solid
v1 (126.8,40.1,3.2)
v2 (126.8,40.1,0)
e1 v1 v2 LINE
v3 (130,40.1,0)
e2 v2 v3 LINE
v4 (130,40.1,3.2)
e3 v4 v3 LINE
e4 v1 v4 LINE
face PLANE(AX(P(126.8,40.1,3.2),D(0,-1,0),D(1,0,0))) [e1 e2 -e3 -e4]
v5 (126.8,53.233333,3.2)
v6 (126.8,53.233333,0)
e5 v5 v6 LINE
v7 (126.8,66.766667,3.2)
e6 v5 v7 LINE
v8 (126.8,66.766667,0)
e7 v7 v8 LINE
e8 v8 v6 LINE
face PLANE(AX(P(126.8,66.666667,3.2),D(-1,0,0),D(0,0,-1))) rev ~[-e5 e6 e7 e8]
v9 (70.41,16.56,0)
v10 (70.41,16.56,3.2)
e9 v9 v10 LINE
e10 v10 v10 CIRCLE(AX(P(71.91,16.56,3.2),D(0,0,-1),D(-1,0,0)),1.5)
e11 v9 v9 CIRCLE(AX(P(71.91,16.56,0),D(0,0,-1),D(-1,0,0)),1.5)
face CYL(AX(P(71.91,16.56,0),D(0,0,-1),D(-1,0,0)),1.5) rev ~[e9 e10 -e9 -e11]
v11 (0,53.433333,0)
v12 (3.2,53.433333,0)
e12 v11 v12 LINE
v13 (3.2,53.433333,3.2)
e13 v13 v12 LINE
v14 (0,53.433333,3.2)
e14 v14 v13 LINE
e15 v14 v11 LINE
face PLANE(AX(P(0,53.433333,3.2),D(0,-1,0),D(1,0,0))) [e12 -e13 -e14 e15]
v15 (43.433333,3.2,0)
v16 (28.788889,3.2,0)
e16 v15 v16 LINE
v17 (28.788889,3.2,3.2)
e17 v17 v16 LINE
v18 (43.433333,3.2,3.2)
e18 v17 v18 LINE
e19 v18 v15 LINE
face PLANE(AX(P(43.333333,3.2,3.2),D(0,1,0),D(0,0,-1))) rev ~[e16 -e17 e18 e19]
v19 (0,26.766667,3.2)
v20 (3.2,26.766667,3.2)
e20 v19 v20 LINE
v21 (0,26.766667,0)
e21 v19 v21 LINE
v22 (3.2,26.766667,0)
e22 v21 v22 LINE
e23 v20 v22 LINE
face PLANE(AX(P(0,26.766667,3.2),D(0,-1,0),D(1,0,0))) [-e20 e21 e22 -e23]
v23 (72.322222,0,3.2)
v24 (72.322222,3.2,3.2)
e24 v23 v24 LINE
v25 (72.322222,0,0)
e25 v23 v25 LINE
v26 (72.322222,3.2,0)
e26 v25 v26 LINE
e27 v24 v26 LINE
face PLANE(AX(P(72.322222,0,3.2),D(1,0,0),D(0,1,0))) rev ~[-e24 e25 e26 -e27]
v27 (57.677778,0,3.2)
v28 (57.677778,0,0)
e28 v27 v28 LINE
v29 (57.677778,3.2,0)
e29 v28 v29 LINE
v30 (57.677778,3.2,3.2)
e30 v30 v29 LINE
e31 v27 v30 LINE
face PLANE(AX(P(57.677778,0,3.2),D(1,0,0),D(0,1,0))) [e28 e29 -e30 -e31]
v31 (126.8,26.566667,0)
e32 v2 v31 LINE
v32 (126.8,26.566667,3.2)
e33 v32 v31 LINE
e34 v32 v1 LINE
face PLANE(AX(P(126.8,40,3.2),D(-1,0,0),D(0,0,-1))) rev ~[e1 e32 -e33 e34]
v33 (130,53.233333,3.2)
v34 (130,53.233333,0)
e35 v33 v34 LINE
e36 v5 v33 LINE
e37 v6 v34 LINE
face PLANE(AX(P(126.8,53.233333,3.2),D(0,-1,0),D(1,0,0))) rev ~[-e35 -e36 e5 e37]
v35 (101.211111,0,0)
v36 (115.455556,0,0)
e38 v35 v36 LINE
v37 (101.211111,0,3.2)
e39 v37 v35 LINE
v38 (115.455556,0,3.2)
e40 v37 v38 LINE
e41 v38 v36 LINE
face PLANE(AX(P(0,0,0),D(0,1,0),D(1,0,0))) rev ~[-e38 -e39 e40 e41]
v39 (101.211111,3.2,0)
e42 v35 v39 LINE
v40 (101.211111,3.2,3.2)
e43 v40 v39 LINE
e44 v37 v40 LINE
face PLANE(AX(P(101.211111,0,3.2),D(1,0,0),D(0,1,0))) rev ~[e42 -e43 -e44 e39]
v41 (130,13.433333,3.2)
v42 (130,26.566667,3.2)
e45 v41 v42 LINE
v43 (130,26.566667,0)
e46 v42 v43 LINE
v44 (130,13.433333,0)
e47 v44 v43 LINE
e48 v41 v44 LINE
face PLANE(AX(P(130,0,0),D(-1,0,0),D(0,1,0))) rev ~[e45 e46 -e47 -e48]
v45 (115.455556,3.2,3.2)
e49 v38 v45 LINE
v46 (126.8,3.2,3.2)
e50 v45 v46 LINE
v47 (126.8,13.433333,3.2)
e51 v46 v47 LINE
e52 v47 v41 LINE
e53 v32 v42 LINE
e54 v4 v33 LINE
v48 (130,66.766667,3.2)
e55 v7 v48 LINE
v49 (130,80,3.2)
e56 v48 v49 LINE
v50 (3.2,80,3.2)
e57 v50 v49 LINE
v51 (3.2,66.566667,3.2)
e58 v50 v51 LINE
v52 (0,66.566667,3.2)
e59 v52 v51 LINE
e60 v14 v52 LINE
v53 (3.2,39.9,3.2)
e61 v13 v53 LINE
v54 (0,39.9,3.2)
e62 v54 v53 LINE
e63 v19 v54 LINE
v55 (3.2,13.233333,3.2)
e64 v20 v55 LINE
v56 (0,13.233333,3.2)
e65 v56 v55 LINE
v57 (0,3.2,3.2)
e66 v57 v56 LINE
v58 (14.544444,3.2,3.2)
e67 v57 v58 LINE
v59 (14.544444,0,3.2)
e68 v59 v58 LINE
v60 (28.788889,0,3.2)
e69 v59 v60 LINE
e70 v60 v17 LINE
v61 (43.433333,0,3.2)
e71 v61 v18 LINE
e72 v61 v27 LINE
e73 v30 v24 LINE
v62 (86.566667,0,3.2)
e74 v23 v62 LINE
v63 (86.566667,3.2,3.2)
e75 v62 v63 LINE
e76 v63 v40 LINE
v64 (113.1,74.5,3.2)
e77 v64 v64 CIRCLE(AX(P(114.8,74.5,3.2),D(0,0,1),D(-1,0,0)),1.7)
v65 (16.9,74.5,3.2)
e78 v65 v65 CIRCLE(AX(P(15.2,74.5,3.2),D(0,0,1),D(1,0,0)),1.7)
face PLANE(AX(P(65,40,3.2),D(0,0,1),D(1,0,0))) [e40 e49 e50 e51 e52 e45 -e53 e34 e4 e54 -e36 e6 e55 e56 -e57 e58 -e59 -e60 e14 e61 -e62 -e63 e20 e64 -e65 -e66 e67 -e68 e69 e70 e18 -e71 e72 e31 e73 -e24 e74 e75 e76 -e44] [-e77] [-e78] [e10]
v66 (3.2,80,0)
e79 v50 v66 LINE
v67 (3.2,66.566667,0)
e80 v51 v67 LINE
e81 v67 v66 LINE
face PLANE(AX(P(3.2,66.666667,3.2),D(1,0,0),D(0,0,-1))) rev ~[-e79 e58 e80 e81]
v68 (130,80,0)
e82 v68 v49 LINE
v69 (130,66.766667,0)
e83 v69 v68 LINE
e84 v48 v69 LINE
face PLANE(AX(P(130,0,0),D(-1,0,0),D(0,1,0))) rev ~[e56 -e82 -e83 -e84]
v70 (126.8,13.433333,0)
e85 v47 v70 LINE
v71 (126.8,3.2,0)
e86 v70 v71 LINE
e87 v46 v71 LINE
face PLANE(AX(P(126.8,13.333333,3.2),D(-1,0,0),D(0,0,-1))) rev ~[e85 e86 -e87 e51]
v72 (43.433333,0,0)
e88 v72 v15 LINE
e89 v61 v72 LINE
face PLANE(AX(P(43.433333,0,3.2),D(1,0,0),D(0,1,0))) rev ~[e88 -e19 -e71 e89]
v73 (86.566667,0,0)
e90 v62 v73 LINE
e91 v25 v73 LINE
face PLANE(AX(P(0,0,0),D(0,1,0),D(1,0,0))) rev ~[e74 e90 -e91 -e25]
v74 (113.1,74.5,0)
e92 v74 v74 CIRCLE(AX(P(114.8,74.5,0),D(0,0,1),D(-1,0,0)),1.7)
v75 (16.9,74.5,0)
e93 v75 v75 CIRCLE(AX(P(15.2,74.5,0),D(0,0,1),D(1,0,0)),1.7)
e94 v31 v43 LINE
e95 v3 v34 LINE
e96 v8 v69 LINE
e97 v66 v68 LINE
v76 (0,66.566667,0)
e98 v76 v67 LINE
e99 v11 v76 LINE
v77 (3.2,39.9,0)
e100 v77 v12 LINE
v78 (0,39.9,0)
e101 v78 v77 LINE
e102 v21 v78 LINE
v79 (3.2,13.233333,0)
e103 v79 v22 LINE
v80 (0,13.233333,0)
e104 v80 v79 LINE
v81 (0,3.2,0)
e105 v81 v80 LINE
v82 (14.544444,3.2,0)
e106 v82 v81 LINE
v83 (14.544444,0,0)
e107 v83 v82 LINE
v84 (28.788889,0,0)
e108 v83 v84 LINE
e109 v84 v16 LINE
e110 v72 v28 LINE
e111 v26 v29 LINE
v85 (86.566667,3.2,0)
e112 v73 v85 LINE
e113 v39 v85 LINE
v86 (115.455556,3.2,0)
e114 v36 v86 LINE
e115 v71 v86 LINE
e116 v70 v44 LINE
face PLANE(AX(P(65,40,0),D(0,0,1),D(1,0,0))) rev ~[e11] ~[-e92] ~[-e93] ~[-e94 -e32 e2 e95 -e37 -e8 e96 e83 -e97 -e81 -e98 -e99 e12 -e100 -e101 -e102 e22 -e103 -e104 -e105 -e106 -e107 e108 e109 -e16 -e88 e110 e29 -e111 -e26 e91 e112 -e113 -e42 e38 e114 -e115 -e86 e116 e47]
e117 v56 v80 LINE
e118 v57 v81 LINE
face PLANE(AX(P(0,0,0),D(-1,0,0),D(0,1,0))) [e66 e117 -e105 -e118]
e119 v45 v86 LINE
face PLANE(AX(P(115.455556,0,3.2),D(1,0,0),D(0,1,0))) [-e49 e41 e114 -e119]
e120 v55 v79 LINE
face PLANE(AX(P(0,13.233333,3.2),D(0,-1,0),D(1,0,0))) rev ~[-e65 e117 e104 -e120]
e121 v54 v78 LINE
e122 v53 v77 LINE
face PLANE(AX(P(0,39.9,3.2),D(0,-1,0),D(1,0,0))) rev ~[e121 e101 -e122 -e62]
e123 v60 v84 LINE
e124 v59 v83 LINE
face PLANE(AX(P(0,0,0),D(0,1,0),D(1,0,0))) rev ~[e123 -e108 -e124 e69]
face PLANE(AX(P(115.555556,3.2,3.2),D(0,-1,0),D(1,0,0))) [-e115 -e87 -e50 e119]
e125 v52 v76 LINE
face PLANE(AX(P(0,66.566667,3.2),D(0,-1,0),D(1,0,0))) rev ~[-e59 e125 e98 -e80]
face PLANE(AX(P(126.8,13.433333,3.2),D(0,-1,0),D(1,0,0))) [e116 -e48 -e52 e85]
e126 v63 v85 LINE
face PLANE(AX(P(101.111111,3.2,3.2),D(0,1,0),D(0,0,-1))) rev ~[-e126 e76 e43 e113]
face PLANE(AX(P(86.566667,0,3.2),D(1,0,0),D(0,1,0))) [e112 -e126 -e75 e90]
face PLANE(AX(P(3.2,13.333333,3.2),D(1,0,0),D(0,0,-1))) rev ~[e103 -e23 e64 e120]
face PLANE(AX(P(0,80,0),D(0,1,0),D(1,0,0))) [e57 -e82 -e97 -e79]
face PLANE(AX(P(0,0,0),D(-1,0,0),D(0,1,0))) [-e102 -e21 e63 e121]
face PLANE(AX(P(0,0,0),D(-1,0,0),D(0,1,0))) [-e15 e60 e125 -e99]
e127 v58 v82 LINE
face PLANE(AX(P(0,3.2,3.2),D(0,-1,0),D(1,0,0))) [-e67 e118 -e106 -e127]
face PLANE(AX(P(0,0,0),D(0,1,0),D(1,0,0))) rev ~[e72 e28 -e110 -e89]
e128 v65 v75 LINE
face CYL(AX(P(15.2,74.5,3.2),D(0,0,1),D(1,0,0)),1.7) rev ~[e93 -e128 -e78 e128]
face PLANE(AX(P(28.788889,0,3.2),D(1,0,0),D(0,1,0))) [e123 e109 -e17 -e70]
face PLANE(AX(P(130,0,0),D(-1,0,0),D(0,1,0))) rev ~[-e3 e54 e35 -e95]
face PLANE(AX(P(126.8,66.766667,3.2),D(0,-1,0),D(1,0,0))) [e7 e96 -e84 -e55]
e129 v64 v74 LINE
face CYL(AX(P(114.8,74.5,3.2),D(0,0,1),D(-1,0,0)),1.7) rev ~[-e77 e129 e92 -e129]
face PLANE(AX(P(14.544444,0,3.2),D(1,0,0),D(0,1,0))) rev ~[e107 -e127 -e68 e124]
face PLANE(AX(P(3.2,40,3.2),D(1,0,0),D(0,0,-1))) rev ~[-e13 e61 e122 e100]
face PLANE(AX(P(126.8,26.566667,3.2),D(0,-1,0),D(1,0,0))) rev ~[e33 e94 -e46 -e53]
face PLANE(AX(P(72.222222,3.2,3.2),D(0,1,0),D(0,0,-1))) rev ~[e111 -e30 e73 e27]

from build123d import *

# Parameters (mm, degrees)
SKETCH1_W           = 130
SKETCH1_H           = 80
BOSS_EXTRUDE1_DEPTH = 3.2
SKETCH2_W           = 14.444444444
SKETCH2_H           = 3.2
SKETCH2_W_2         = 3.2
SKETCH2_H_2         = 13.333333334
SKETCH2_H_3         = 13.333333333
CUT_EXTRUDE1_DEPTH  = 153.676913775
MOVE_FACE1_BY       = 0.1
MOVE_FACE1_2_BY     = 0.1
MOVE_FACE1_3_BY     = 0.1
MOVE_FACE1_4_BY     = 0.1
MOVE_FACE1_5_BY     = 0.1
MOVE_FACE1_6_BY     = 0.1
MOVE_FACE1_7_BY     = 0.1
MOVE_FACE1_8_BY     = 0.1
MOVE_FACE1_9_BY     = 0.1
MOVE_FACE1_10_BY    = 0.1
MOVE_FACE1_11_BY    = 0.1
MOVE_FACE1_12_BY    = 0.1
MOVE_FACE1_13_BY    = 0.1
MOVE_FACE1_14_BY    = 0.1
MOVE_FACE1_15_BY    = 0.1
MOVE_FACE1_16_BY    = 0.1
MOVE_FACE1_17_BY    = 0.1
MOVE_FACE1_18_BY    = 0.1
CUT_EXTRUDE2_REACH  = 154.677
SKETCH3_R           = 1.7
CUT_EXTRUDE3_REACH  = 154.677
SKETCH4_R           = 1.5


with BuildPart() as part:
    # Sketch1 → Boss-Extrude1 (new body)
    with BuildSketch(Plane.XY):
        with Locations((65, 40)):
            Rectangle(SKETCH1_W, SKETCH1_H)
    extrude(amount=BOSS_EXTRUDE1_DEPTH)

    # Sketch2 → Cut-Extrude1 (cut, through all)
    with BuildSketch(Plane.XY.offset(3.2)):
        with Locations((7.222222222, 1.6)):
            Rectangle(SKETCH2_W, SKETCH2_H)
        with Locations((36.111111111, 1.6)):
            Rectangle(SKETCH2_W, SKETCH2_H)
        with Locations((65, 1.6)):
            Rectangle(SKETCH2_W, SKETCH2_H)
        with Locations((93.888888889, 1.6)):
            Rectangle(SKETCH2_W, SKETCH2_H)
        Polygon((115.555555556, 0), (115.555555556, 3.2), (126.8, 3.2), (126.8, 13.333333333), (130, 13.333333333), (130, 0), align=None)
        with Locations((1.6, 20)):
            Rectangle(SKETCH2_W_2, SKETCH2_H_2)
        with Locations((1.6, 46.666666667)):
            Rectangle(SKETCH2_W_2, SKETCH2_H_3)
        with Locations((1.6, 73.333333334)):
            Rectangle(SKETCH2_W_2, SKETCH2_H_3)
        with Locations((128.4, 33.333333334)):
            Rectangle(SKETCH2_W_2, SKETCH2_H_3)
        with Locations((128.4, 60)):
            Rectangle(SKETCH2_W_2, SKETCH2_H_2)
    extrude(amount=-CUT_EXTRUDE1_DEPTH, mode=Mode.SUBTRACT)

    # Move Face1: a face moved inward by 0.1
    extrude(part.faces().sort_by_distance((128.4, 53.333333333, 1.6))[0], amount=MOVE_FACE1_BY, dir=(0, -1, 0), mode=Mode.SUBTRACT)

    # Move Face1 2: a face moved inward by 0.1
    extrude(part.faces().sort_by_distance((128.4, 26.666666667, 1.6))[0], amount=MOVE_FACE1_2_BY, dir=(0, -1, 0), mode=Mode.SUBTRACT)

    # Move Face1 3: a face moved inward by 0.1
    extrude(part.faces().sort_by_distance((128.4, 13.333333333, 1.6))[0], amount=MOVE_FACE1_3_BY, dir=(0, 1, 0), mode=Mode.SUBTRACT)

    # Move Face1 4: a face moved inward by 0.1
    extrude(part.faces().sort_by_distance((128.4, 40, 1.6))[0], amount=MOVE_FACE1_4_BY, dir=(0, 1, 0), mode=Mode.SUBTRACT)

    # Move Face1 5: a face moved inward by 0.1
    extrude(part.faces().sort_by_distance((128.4, 66.666666667, 1.6))[0], amount=MOVE_FACE1_5_BY, dir=(0, 1, 0), mode=Mode.SUBTRACT)

    # Move Face1 6: a face moved inward by 0.1
    extrude(part.faces().sort_by_distance((115.555555556, 1.6, 1.6))[0], amount=MOVE_FACE1_6_BY, dir=(-1, 0, 0), mode=Mode.SUBTRACT)

    # Move Face1 7: a face moved inward by 0.1
    extrude(part.faces().sort_by_distance((86.666666667, 1.6, 1.6))[0], amount=MOVE_FACE1_7_BY, dir=(-1, 0, 0), mode=Mode.SUBTRACT)

    # Move Face1 8: a face moved inward by 0.1
    extrude(part.faces().sort_by_distance((57.777777778, 1.6, 1.6))[0], amount=MOVE_FACE1_8_BY, dir=(-1, 0, 0), mode=Mode.SUBTRACT)

    # Move Face1 9: a face moved inward by 0.1
    extrude(part.faces().sort_by_distance((28.888888889, 1.6, 1.6))[0], amount=MOVE_FACE1_9_BY, dir=(-1, 0, 0), mode=Mode.SUBTRACT)

    # Move Face1 10: a face moved inward by 0.1
    extrude(part.faces().sort_by_distance((14.444444444, 1.6, 1.6))[0], amount=MOVE_FACE1_10_BY, dir=(1, 0, 0), mode=Mode.SUBTRACT)

    # Move Face1 11: a face moved inward by 0.1
    extrude(part.faces().sort_by_distance((43.333333333, 1.6, 1.6))[0], amount=MOVE_FACE1_11_BY, dir=(1, 0, 0), mode=Mode.SUBTRACT)

    # Move Face1 12: a face moved inward by 0.1
    extrude(part.faces().sort_by_distance((72.222222222, 1.6, 1.6))[0], amount=MOVE_FACE1_12_BY, dir=(1, 0, 0), mode=Mode.SUBTRACT)

    # Move Face1 13: a face moved inward by 0.1
    extrude(part.faces().sort_by_distance((101.111111111, 1.6, 1.6))[0], amount=MOVE_FACE1_13_BY, dir=(1, 0, 0), mode=Mode.SUBTRACT)

    # Move Face1 14: a face moved inward by 0.1
    extrude(part.faces().sort_by_distance((1.6, 26.666666667, 1.6))[0], amount=MOVE_FACE1_14_BY, dir=(0, 1, 0), mode=Mode.SUBTRACT)

    # Move Face1 15: a face moved inward by 0.1
    extrude(part.faces().sort_by_distance((1.6, 13.333333333, 1.6))[0], amount=MOVE_FACE1_15_BY, dir=(0, -1, 0), mode=Mode.SUBTRACT)

    # Move Face1 16: a face moved inward by 0.1
    extrude(part.faces().sort_by_distance((1.6, 40, 1.6))[0], amount=MOVE_FACE1_16_BY, dir=(0, -1, 0), mode=Mode.SUBTRACT)

    # Move Face1 17: a face moved inward by 0.1
    extrude(part.faces().sort_by_distance((1.6, 53.333333333, 1.6))[0], amount=MOVE_FACE1_17_BY, dir=(0, 1, 0), mode=Mode.SUBTRACT)

    # Move Face1 18: a face moved inward by 0.1
    extrude(part.faces().sort_by_distance((1.6, 66.666666667, 1.6))[0], amount=MOVE_FACE1_18_BY, dir=(0, -1, 0), mode=Mode.SUBTRACT)

    # Sketch3 → Cut-Extrude2 (cut, up to next)
    with BuildSketch(Plane.XY.offset(3.2), mode=Mode.PRIVATE) as cut_extrude2_sk1:
        with Locations((15.2, 74.5)):
            Circle(SKETCH3_R)
    cut_extrude2_tool1 = extrude(cut_extrude2_sk1.sketch, amount=-CUT_EXTRUDE2_REACH, mode=Mode.PRIVATE) & part.part
    # Sketch3 → Cut-Extrude2 (cut, up to next)
    with BuildSketch(Plane.XY.offset(3.2), mode=Mode.PRIVATE) as cut_extrude2_sk2:
        with Locations(Location((114.8, 74.5, 0), (0, 0, 180))):
            Circle(SKETCH3_R)
    cut_extrude2_tool2 = extrude(cut_extrude2_sk2.sketch, amount=-CUT_EXTRUDE2_REACH, mode=Mode.PRIVATE) & part.part
    add(cut_extrude2_tool1.solids().sort_by_distance((15.2, 74.5, 3.2))[0], mode=Mode.SUBTRACT)
    add(cut_extrude2_tool2.solids().sort_by_distance((114.8, 74.5, 3.2))[0], mode=Mode.SUBTRACT)

    # Sketch4 → Cut-Extrude3 (cut, up to next)
    with BuildSketch(Plane(origin=(0, 0, 0), x_dir=(-1, 0, 0), z_dir=(0, 0, -1)), mode=Mode.PRIVATE) as cut_extrude3_sk1:
        with Locations((-71.91, 16.56)):
            Circle(SKETCH4_R)
    cut_extrude3_tool1 = extrude(cut_extrude3_sk1.sketch, amount=-CUT_EXTRUDE3_REACH, mode=Mode.PRIVATE) & part.part
    add(cut_extrude3_tool1.solids().sort_by_distance((71.91, 16.56, 0))[0], mode=Mode.SUBTRACT)


solid = part.part
